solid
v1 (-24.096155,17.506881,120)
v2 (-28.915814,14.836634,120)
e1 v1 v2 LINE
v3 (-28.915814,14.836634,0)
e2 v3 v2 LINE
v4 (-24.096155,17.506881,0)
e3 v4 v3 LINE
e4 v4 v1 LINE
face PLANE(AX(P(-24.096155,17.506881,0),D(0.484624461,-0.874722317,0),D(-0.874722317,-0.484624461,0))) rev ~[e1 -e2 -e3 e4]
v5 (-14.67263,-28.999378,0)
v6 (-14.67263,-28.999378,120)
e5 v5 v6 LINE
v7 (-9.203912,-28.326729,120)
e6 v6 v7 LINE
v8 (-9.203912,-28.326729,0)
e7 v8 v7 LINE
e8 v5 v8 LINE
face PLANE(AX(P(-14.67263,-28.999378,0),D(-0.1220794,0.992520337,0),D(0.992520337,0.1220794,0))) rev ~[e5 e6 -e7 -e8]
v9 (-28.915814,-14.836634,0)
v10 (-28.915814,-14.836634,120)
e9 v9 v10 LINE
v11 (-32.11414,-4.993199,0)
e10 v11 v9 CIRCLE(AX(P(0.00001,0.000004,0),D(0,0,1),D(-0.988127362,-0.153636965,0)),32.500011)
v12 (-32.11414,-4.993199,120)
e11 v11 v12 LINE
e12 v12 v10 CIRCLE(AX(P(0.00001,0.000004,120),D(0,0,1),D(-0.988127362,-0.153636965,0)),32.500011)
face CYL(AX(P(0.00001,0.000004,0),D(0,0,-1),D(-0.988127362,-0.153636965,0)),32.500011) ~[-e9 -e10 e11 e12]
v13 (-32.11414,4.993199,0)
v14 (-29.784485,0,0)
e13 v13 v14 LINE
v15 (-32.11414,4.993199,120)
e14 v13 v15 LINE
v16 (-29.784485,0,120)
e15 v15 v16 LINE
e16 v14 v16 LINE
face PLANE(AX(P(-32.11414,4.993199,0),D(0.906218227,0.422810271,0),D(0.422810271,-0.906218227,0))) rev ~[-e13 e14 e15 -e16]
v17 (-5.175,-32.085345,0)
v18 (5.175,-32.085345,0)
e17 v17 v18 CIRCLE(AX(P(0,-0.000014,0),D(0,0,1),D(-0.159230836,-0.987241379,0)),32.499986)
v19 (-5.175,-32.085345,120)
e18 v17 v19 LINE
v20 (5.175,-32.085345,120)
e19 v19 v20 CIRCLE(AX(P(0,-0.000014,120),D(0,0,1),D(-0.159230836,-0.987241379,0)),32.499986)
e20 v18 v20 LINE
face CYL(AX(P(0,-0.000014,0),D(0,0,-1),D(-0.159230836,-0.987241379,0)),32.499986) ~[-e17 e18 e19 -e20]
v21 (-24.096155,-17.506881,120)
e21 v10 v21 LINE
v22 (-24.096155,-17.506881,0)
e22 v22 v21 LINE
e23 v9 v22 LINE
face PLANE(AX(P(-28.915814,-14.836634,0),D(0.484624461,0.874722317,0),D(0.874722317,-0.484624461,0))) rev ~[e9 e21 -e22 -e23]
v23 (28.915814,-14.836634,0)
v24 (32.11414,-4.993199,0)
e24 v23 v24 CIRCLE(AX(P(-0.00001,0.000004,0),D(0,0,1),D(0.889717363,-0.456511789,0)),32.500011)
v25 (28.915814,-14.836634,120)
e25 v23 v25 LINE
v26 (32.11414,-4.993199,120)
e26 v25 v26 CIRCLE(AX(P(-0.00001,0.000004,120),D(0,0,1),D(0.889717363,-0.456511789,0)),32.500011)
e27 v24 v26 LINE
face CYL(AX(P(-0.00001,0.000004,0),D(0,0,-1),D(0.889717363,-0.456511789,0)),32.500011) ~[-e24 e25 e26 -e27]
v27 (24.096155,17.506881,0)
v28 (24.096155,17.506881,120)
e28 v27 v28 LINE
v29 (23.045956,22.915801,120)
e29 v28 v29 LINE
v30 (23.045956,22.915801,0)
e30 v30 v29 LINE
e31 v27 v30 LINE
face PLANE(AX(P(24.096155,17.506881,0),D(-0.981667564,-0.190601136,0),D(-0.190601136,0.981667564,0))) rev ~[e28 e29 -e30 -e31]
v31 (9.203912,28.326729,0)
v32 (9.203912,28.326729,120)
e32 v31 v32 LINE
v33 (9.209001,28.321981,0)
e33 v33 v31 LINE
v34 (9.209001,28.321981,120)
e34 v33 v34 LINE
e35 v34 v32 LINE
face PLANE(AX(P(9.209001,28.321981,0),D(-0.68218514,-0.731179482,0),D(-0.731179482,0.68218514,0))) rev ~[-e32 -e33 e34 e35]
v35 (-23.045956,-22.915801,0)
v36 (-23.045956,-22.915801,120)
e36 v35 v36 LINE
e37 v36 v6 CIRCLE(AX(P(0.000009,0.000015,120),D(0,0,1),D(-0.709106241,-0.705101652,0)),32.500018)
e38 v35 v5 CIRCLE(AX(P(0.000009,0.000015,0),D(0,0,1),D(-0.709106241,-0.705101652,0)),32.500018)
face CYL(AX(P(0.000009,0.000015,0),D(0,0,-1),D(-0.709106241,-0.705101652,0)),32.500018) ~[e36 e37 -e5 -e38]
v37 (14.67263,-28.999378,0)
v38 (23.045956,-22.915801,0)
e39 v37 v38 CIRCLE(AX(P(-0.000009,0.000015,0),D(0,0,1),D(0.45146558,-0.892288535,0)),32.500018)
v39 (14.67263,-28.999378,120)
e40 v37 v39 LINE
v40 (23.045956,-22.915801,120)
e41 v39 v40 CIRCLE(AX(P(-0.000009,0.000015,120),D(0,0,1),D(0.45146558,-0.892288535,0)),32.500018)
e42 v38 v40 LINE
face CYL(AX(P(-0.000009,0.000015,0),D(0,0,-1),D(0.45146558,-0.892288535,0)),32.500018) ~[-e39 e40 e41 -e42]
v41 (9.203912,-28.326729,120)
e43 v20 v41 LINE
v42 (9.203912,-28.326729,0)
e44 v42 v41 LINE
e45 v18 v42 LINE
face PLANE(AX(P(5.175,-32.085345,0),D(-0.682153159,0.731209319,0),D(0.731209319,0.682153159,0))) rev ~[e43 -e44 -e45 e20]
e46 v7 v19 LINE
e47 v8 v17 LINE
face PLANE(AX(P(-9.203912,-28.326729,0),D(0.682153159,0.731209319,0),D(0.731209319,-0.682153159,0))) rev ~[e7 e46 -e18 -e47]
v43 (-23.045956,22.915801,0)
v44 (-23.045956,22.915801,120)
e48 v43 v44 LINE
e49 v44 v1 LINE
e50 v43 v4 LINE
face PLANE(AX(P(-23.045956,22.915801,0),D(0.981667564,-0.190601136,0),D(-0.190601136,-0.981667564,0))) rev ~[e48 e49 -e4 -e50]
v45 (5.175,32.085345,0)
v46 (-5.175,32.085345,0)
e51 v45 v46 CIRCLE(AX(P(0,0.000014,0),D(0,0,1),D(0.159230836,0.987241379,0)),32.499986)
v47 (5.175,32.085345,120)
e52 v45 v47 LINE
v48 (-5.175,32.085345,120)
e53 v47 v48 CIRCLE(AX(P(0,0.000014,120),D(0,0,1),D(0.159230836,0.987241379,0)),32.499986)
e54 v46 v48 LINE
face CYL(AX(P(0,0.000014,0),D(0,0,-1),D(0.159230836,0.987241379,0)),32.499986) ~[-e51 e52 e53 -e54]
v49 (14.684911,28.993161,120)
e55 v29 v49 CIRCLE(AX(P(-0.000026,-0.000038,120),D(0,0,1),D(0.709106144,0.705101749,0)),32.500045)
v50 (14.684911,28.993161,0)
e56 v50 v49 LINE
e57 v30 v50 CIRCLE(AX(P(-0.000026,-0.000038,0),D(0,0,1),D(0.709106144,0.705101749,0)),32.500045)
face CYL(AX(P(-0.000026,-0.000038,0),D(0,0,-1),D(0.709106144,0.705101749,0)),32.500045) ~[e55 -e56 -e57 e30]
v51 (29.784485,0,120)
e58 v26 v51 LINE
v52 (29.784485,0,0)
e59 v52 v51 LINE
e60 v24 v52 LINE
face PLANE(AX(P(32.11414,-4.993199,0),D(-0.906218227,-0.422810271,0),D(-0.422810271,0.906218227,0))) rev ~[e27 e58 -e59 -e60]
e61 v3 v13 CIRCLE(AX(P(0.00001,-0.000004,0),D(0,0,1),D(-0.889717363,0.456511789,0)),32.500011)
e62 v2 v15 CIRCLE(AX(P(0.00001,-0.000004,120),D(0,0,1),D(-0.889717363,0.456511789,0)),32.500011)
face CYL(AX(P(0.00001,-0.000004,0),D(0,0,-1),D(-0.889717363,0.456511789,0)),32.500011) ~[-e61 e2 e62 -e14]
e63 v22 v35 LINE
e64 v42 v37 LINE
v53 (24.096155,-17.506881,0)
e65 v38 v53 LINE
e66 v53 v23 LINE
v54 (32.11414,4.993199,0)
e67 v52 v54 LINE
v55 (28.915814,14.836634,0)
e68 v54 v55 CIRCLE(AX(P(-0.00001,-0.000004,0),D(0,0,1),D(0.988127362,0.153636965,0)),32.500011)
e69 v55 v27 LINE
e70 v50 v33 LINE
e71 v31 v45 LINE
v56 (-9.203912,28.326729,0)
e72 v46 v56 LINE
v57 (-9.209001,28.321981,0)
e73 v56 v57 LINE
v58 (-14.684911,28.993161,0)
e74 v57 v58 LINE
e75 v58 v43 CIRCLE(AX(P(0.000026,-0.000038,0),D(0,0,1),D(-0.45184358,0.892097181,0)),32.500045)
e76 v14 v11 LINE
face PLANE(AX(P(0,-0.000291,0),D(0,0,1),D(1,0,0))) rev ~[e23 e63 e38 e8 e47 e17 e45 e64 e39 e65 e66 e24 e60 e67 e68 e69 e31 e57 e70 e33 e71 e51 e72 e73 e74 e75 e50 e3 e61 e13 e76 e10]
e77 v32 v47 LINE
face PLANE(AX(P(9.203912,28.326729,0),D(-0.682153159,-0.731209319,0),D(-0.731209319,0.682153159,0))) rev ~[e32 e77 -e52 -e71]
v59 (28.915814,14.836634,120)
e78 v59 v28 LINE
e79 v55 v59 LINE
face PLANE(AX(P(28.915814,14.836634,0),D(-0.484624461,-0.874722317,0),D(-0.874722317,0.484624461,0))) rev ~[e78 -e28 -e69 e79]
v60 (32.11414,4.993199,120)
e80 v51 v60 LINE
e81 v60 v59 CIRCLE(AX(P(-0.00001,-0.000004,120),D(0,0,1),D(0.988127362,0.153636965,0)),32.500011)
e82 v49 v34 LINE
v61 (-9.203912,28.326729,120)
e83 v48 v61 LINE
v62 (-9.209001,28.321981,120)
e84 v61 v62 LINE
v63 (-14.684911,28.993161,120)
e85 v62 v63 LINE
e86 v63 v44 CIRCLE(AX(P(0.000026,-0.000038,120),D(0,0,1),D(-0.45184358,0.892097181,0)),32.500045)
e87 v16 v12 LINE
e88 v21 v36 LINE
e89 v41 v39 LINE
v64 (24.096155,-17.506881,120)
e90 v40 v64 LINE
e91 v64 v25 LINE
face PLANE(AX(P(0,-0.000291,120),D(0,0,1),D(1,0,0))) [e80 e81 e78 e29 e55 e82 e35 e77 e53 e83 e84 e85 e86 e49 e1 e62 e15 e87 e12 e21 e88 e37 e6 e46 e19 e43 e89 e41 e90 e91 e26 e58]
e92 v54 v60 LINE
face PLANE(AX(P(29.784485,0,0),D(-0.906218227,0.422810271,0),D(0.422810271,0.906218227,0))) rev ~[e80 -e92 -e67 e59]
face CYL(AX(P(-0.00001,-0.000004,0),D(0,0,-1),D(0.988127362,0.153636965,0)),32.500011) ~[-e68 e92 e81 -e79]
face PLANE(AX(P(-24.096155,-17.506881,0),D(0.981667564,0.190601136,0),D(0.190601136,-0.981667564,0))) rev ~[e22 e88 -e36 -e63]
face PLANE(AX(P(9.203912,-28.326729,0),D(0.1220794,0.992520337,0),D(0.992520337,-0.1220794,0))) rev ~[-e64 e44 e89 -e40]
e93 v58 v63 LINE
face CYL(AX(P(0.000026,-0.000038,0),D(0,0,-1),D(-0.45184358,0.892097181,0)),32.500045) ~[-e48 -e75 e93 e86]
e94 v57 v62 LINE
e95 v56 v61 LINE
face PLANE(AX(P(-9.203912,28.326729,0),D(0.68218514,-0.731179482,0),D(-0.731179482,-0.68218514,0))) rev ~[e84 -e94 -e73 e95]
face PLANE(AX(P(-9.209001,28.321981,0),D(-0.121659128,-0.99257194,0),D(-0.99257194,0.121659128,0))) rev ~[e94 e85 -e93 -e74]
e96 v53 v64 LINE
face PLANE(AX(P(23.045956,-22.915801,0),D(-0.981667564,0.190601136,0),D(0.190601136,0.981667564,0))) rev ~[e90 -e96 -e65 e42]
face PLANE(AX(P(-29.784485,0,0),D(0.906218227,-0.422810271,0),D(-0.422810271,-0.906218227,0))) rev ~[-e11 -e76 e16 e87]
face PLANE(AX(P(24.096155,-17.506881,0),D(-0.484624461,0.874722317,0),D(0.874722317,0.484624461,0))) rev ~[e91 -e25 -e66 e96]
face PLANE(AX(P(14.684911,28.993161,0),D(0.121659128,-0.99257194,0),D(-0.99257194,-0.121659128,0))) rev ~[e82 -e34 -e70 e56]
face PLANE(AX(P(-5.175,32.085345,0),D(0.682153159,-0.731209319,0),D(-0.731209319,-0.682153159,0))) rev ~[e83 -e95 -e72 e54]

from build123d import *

# Parameters (mm, degrees)
F1_DEPTH = 120


with BuildPart() as f1:
    # F0 (on Top) → F1 (new body)
    with BuildSketch(Plane.XY):
        with BuildLine():
            Line((9.203912, 28.326729), (5.175, 32.085345))
            ThreePointArc((5.175, 32.085345), (0, 32.5), (-5.175, 32.085345))
            Line((-5.175, 32.085345), (-9.203912, 28.326729))
            Line((-9.203912, 28.326729), (-9.209001, 28.321981))
            Line((-9.209001, 28.321981), (-14.684911, 28.993161))
            ThreePointArc((-14.684911, 28.993161), (-19.108588, 26.289006), (-23.045956, 22.915801))
            Line((-23.045956, 22.915801), (-24.096155, 17.506881))
            Line((-24.096155, 17.506881), (-28.915814, 14.836634))
            ThreePointArc((-28.915814, 14.836634), (-30.909337, 10.043052), (-32.11414, 4.993199))
            Line((-32.11414, 4.993199), (-29.784485, 0))
            Line((-29.784485, 0), (-32.11414, -4.993199))
            ThreePointArc((-32.11414, -4.993199), (-30.909337, -10.043052), (-28.915814, -14.836634))
            Line((-28.915814, -14.836634), (-24.096155, -17.506881))
            Line((-24.096155, -17.506881), (-23.045956, -22.915801))
            ThreePointArc((-23.045956, -22.915801), (-19.103021, -26.293052), (-14.67263, -28.999378))
            Line((-14.67263, -28.999378), (-9.203912, -28.326729))
            Line((-9.203912, -28.326729), (-5.175, -32.085345))
            ThreePointArc((-5.175, -32.085345), (0, -32.5), (5.175, -32.085345))
            Line((5.175, -32.085345), (9.203912, -28.326729))
            Line((9.203912, -28.326729), (14.67263, -28.999378))
            ThreePointArc((14.67263, -28.999378), (19.103021, -26.293052), (23.045956, -22.915801))
            Line((23.045956, -22.915801), (24.096155, -17.506881))
            Line((24.096155, -17.506881), (28.915814, -14.836634))
            ThreePointArc((28.915814, -14.836634), (30.909337, -10.043052), (32.11414, -4.993199))
            Line((32.11414, -4.993199), (29.784485, 0))
            Line((29.784485, 0), (32.11414, 4.993199))
            ThreePointArc((32.11414, 4.993199), (30.909337, 10.043052), (28.915814, 14.836634))
            Line((28.915814, 14.836634), (24.096155, 17.506881))
            Line((24.096155, 17.506881), (23.045956, 22.915801))
            ThreePointArc((23.045956, 22.915801), (19.108588, 26.289006), (14.684911, 28.993161))
            Line((14.684911, 28.993161), (9.209001, 28.321981))
            Line((9.209001, 28.321981), (9.203912, 28.326729))
        make_face()
    extrude(amount=F1_DEPTH)


solid = f1.part
